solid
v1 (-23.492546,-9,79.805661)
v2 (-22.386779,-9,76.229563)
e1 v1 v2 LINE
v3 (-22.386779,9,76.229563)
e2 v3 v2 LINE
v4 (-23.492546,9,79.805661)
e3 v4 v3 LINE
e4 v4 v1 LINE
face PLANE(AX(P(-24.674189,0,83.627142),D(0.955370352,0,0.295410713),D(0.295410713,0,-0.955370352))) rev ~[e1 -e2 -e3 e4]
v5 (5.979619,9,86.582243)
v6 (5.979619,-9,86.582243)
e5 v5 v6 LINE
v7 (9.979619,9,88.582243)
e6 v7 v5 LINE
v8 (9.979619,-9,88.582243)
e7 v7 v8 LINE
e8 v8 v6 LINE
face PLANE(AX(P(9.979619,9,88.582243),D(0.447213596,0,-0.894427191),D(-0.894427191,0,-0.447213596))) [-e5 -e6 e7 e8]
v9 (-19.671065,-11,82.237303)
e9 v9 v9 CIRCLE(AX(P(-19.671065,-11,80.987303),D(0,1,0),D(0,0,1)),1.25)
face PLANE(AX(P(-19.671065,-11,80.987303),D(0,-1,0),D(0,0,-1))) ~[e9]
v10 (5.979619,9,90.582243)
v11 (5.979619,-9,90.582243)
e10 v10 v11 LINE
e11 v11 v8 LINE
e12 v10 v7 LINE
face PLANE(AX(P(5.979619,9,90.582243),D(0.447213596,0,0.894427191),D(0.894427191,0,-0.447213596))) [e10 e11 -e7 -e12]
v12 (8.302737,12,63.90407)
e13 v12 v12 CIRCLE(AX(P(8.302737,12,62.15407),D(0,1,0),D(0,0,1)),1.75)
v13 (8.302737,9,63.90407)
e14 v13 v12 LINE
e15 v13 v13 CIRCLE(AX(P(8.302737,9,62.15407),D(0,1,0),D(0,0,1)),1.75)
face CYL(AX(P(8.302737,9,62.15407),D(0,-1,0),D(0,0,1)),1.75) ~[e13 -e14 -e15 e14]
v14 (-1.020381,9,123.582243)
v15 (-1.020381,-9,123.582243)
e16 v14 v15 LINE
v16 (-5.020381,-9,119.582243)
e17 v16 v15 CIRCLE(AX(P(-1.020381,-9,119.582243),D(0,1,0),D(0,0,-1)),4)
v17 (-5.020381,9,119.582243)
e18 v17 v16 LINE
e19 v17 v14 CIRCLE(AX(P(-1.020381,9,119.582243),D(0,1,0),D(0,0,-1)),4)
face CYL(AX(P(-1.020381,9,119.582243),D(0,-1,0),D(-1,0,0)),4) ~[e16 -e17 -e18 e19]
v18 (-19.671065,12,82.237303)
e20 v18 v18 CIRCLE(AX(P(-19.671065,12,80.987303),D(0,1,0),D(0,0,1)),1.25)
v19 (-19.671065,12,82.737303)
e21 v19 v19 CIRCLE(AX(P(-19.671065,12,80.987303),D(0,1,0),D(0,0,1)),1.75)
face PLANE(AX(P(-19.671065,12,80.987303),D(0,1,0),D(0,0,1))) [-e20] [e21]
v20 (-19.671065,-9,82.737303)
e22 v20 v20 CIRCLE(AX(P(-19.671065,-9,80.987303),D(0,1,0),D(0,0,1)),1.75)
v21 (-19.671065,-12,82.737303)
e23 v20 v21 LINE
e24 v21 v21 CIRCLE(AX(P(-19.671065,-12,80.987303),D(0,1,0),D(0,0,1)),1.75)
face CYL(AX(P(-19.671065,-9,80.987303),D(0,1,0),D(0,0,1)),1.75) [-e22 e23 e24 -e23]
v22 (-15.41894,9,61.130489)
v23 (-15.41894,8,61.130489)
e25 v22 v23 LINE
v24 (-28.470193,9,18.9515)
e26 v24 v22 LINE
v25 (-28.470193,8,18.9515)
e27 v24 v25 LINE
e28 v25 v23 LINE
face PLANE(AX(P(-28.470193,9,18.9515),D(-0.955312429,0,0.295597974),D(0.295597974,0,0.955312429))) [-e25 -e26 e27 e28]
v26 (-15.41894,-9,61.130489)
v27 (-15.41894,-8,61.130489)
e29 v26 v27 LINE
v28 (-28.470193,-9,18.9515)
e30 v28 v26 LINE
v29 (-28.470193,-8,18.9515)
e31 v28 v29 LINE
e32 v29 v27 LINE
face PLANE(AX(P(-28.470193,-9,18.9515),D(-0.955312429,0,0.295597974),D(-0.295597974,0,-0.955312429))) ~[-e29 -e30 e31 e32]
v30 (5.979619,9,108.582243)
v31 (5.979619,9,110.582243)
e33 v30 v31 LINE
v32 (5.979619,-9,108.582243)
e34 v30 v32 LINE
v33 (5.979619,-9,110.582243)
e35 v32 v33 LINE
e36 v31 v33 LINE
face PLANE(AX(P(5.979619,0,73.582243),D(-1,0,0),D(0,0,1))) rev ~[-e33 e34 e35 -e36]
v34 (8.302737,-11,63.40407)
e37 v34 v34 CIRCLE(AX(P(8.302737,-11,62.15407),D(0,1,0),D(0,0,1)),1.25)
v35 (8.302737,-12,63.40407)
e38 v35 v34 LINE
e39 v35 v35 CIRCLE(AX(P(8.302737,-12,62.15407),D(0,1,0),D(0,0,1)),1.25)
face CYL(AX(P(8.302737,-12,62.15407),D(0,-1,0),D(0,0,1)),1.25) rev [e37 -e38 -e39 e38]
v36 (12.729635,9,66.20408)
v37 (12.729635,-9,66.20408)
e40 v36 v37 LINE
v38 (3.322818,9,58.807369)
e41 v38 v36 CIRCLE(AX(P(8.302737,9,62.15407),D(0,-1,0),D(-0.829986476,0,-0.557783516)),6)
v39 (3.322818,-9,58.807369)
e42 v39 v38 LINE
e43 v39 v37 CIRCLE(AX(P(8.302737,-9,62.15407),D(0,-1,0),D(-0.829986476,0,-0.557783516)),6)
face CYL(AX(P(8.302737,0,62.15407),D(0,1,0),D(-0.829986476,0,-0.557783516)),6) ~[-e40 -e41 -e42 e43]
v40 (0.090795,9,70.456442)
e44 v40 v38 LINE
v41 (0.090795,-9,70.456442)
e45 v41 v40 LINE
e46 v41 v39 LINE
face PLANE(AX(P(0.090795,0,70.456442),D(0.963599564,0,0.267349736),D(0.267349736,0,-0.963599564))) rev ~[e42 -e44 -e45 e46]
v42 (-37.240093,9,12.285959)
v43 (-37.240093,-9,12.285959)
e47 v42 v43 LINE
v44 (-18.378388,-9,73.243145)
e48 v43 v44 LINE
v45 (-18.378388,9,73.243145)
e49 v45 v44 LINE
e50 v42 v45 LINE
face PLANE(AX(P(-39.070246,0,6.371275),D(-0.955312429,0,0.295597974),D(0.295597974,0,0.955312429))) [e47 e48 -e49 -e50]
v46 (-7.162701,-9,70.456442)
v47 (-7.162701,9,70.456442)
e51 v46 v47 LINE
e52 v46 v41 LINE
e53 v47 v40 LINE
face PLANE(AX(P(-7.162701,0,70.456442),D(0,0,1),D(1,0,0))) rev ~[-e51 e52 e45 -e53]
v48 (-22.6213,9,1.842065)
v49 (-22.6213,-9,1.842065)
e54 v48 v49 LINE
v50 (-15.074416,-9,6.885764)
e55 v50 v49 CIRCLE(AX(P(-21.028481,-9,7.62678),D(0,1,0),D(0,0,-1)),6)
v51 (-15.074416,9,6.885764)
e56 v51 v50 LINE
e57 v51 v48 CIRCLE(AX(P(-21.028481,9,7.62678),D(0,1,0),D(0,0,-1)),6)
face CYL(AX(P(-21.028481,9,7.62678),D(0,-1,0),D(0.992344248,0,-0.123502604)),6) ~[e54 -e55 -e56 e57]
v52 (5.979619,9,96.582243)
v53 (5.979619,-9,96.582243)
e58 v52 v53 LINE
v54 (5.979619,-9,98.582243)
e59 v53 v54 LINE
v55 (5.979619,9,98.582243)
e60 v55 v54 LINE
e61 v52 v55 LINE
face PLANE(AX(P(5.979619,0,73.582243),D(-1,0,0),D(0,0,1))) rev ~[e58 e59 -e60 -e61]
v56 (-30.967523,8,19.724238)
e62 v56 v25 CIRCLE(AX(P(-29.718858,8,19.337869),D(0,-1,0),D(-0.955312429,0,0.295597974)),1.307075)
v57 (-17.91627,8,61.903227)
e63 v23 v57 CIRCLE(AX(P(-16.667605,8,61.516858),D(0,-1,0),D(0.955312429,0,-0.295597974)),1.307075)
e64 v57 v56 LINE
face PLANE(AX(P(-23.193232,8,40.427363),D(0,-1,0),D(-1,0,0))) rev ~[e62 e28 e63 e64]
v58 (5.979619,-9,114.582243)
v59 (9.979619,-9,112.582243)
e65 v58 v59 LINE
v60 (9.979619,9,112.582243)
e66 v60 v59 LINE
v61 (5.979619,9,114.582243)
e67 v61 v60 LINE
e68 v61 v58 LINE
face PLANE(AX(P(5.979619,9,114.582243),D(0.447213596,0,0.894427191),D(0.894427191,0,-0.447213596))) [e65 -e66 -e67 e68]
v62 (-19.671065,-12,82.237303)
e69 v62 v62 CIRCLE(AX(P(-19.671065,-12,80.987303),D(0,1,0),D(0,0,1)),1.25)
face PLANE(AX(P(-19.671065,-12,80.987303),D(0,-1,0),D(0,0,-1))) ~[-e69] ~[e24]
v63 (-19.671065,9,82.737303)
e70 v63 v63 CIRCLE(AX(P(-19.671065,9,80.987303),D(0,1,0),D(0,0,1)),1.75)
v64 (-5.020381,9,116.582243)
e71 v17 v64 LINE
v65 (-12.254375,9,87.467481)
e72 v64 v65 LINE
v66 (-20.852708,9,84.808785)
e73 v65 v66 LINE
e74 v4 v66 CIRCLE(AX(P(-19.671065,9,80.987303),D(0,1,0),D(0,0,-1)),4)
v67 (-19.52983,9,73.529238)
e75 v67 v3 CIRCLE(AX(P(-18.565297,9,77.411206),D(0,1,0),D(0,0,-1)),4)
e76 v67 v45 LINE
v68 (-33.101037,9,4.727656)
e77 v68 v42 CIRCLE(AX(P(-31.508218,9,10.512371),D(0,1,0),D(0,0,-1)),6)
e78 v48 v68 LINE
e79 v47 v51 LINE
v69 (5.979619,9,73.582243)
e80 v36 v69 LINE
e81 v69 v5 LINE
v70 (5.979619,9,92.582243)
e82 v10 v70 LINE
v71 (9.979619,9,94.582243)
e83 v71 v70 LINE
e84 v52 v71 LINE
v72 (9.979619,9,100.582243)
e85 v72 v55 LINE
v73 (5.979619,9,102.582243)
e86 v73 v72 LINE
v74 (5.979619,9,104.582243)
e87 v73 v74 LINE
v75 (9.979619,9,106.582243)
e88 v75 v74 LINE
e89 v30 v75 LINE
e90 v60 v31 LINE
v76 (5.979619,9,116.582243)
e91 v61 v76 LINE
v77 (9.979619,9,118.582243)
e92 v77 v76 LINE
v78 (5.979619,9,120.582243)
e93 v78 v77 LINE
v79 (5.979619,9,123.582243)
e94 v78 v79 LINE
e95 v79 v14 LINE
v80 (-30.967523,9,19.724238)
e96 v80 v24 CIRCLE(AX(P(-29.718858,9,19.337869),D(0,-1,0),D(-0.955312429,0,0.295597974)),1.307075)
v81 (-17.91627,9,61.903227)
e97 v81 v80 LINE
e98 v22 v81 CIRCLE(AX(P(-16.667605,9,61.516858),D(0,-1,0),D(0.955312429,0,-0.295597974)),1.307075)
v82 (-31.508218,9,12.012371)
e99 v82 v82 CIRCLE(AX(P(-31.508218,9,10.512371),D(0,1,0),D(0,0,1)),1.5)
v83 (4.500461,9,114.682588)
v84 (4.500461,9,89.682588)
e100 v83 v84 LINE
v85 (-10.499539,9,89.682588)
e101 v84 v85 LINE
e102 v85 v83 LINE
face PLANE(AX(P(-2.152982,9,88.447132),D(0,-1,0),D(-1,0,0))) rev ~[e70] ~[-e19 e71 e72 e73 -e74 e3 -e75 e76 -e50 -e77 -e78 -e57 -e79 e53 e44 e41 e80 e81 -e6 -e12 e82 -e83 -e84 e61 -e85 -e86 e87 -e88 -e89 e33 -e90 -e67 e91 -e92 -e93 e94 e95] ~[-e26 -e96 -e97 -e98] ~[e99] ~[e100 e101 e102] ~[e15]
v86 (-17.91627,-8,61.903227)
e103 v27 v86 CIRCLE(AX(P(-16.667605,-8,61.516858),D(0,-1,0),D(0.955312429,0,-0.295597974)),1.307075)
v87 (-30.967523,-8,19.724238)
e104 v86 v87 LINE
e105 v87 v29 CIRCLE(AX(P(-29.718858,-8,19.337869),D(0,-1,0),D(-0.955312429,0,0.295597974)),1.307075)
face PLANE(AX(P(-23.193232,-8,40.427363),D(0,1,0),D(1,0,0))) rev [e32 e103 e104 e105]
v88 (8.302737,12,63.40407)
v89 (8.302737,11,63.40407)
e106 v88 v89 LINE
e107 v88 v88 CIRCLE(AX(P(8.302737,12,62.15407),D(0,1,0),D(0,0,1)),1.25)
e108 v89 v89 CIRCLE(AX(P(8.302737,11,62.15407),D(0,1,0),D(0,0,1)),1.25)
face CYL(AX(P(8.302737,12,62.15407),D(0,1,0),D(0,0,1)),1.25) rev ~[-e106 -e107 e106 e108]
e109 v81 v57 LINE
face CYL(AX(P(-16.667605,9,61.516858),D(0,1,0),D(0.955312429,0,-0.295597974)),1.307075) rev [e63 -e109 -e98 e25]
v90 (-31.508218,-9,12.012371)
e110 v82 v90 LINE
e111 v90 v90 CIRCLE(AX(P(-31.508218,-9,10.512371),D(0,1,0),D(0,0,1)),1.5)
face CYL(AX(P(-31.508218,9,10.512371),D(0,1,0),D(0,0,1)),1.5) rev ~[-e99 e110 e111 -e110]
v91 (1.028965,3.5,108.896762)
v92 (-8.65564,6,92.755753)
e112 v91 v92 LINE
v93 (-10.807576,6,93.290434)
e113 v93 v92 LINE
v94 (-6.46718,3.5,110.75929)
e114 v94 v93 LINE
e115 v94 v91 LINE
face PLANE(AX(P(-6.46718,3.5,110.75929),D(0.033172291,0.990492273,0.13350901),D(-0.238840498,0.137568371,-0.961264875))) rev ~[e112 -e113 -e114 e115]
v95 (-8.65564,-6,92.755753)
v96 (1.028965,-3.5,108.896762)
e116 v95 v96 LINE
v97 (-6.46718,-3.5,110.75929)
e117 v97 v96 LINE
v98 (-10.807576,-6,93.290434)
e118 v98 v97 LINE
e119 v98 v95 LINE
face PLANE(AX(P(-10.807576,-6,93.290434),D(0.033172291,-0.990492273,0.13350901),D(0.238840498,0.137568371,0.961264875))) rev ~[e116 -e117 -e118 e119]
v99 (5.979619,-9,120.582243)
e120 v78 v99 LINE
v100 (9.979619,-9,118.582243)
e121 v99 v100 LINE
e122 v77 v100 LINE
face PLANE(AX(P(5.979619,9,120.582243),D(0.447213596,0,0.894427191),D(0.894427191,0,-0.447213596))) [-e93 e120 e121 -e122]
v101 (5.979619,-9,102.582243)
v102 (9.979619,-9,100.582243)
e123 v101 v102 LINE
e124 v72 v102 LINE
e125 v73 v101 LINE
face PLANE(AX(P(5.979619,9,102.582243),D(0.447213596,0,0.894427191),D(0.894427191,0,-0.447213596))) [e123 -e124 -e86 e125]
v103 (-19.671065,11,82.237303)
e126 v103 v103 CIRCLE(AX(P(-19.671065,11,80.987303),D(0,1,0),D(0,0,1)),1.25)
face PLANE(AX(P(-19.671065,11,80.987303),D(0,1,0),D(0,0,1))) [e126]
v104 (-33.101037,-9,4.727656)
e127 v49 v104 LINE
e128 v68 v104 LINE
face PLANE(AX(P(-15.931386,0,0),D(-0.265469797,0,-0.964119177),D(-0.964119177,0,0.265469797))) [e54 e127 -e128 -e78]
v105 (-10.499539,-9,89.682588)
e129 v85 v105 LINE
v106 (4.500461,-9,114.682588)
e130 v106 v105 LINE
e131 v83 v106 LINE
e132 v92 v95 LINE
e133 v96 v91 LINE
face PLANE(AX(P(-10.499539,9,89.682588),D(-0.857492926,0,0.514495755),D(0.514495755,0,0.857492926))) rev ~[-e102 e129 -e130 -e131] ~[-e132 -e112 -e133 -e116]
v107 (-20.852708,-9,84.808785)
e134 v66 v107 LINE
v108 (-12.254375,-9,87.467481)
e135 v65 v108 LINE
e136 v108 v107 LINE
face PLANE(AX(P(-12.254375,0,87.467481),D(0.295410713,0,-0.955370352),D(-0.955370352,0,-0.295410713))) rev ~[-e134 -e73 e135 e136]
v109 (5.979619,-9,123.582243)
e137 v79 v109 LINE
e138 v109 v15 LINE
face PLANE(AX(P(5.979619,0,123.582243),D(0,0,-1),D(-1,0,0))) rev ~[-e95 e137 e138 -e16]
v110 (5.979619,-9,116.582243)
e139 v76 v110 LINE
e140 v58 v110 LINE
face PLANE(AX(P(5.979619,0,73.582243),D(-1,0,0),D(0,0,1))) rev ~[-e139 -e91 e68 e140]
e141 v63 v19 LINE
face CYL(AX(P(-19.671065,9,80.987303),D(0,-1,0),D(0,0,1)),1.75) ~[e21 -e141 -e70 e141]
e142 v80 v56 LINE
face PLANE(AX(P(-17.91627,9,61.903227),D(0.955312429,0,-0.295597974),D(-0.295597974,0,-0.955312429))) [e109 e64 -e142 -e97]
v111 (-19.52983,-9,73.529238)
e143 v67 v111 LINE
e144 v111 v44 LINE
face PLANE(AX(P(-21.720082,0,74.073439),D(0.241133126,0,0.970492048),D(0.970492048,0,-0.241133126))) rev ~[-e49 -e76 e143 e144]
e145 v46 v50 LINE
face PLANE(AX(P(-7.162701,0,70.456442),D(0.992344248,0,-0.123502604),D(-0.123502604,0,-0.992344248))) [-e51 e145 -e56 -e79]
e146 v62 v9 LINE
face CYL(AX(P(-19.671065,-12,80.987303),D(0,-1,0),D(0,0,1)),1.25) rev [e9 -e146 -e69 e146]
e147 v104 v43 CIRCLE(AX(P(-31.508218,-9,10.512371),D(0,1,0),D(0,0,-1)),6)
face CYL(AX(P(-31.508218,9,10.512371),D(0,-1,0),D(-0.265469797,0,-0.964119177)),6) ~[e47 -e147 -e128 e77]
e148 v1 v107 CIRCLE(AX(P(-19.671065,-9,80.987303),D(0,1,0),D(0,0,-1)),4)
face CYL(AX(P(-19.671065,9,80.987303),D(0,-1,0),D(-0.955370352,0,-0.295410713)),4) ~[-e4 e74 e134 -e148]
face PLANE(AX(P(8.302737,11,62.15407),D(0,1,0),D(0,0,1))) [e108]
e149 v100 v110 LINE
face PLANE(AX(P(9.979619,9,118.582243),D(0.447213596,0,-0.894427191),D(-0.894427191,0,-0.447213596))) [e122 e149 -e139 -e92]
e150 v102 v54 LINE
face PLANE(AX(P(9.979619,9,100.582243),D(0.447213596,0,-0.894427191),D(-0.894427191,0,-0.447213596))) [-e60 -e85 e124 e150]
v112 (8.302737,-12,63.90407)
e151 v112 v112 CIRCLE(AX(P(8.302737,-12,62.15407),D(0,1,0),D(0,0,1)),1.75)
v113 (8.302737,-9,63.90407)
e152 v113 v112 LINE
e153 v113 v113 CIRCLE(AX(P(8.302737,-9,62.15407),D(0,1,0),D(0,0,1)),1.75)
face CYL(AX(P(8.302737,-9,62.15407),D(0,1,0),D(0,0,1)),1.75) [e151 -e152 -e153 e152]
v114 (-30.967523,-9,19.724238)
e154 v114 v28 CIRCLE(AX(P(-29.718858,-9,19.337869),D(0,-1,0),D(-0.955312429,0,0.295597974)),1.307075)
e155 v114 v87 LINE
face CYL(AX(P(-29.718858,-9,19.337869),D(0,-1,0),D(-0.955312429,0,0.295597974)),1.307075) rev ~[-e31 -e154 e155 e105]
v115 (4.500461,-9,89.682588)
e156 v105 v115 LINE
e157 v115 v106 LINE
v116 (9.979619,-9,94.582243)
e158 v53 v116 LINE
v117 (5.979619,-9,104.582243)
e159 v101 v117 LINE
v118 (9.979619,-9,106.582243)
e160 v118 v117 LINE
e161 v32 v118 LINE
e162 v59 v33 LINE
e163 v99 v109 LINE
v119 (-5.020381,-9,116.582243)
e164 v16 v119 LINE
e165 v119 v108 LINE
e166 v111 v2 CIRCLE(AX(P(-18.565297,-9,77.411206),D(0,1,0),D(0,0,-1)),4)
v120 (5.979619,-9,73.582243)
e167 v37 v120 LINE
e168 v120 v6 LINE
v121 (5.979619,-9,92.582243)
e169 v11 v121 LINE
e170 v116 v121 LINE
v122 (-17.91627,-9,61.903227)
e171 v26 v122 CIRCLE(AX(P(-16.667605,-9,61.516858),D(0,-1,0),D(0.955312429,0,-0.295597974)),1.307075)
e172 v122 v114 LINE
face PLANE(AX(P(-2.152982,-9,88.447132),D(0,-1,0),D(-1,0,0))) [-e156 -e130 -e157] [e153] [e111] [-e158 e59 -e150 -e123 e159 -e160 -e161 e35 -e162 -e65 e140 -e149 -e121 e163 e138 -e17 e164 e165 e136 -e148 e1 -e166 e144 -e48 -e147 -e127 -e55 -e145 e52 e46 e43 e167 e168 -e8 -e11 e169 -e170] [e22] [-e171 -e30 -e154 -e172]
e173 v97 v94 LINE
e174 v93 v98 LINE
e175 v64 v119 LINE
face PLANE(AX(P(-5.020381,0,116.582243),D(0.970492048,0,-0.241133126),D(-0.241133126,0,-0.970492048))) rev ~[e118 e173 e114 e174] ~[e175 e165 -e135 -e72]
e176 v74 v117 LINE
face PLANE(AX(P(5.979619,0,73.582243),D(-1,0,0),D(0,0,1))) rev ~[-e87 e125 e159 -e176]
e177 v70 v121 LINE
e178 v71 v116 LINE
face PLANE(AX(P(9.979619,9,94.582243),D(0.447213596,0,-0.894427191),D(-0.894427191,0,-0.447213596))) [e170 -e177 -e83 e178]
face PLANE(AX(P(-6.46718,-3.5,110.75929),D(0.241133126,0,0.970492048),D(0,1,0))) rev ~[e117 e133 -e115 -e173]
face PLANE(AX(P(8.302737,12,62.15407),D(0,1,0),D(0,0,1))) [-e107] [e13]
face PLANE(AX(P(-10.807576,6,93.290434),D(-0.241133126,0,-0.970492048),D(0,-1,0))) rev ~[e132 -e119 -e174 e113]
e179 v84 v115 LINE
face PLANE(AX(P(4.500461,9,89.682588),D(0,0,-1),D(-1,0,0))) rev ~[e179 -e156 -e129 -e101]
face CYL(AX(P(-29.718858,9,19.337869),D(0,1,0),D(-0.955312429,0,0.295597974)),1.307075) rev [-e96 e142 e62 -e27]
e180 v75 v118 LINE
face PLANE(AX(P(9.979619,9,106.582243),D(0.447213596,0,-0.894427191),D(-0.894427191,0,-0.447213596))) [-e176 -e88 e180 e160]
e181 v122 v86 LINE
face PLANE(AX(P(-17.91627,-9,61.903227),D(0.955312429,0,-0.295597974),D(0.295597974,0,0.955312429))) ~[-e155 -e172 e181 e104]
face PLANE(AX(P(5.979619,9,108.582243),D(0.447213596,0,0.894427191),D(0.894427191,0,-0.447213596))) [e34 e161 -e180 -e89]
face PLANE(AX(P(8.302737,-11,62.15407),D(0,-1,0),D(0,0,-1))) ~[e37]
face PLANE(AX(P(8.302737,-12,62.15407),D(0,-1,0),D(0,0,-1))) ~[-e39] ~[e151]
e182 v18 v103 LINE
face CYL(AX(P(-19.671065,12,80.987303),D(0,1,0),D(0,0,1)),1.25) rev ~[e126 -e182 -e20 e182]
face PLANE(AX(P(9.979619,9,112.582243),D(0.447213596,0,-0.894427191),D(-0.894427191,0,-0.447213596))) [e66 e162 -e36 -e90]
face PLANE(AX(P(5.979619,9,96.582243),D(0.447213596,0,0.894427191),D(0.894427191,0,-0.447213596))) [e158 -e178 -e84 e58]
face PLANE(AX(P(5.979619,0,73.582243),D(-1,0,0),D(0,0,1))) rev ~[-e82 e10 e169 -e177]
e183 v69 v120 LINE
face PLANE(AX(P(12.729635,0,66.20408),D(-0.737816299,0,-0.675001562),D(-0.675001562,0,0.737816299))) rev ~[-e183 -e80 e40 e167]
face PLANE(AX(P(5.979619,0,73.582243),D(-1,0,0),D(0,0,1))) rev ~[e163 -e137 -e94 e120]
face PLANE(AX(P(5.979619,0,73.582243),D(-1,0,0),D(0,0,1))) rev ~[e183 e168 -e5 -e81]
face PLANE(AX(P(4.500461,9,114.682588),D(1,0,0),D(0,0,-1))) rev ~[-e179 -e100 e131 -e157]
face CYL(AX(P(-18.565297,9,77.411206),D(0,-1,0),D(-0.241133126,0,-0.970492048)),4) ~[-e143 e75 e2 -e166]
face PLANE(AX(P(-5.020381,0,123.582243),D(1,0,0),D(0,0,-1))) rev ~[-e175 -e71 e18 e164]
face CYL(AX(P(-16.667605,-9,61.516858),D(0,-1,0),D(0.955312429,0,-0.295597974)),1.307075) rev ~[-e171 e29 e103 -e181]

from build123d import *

# Parameters (mm, degrees)
BOSS_EXTRU_1_DEPTH         = 9
CONG_1_R                   = 6
CONG_2_R                   = 4
BOSS_EXTRU_2_DEPTH         = 18
R_P_TITION_LIN_AIRE1_COUNT = 6
R_P_TITION_LIN_AIRE1_PITCH = 6
ENL_V_MAT_EXTRU_1_DEPTH    = 131.397228353
ENL_V_MAT_EXTRU_2_DEPTH    = 10
ESQUISSE5_R                = 1.5
ENL_V_MAT_EXTRU_3_DEPTH    = 131.397228353
ESQUISSE7_R                = 1.75
BOSS_EXTRU_3_DEPTH         = 3
ESQUISSE8_R                = 1.25
ENL_V_MAT_EXTRU_4_DEPTH    = 1
ESQUISSE9_R                = 1.25
ENL_V_MAT_EXTRU_5_DEPTH    = 1
ENL_V_MAT_EXTRU_6_DEPTH    = 1


with BuildPart() as part:
    # Esquisse1 → Boss.-Extru.1 (new, symmetric)
    with BuildSketch(Plane(origin=(0, 0, 0), x_dir=(1, 0, 0), z_dir=(0, 1, 0))):
        with BuildLine():
            ThreePointArc((3.322818072, -58.807369293), (12.01141452, -57.437534528), (12.729634722, -66.204079757))
            Line((12.729634722, -66.204079757), (5.979619104, -73.58224275))
            Line((5.979619104, -73.58224275), (5.979619104, -123.58224275))
            Line((5.979619104, -123.58224275), (-5.020380896, -123.58224275))
            Line((-5.020380896, -123.58224275), (-5.020380896, -116.58224275))
            Line((-5.020380896, -116.58224275), (-12.254374663, -87.467481302))
            Line((-12.254374663, -87.467481302), (-24.674189245, -83.627142028))
            Line((-24.674189245, -83.627142028), (-21.720082111, -74.073438503))
            Line((-21.720082111, -74.073438503), (-7.162701387, -70.45644162))
            Line((-7.162701387, -70.45644162), (0.090794599, -70.45644162))
            Line((0.090794599, -70.45644162), (3.322818072, -58.807369293))
        make_face()
        Polygon((-7.162701387, -70.45644162), (-15.931386255, 0), (-39.070246498, -6.371275122), (-18.378388293, -73.243145172), align=None)
    extrude(amount=BOSS_EXTRU_1_DEPTH, both=True)

    # Congé1
    cong_1_edges = [part.edges().sort_by_distance(p)[0] for p in [
        (-39.070246498, 0, 6.371275122),
        (-15.931386255, 0, 0),
    ]]
    fillet(cong_1_edges, radius=CONG_1_R)

    # Congé2
    cong_2_edges = [part.edges().sort_by_distance(p)[0] for p in [
        (-5.020380896, 0, 123.58224275),
        (-24.674189245, 0, 83.627142028),
        (-21.720082111, 0, 74.073438503),
    ]]
    fillet(cong_2_edges, radius=CONG_2_R)

    # Esquisse2 → Boss.-Extru.2 (add, through all)
    with BuildSketch(Plane(origin=(0, 9, 0), x_dir=(1, 0, 0), z_dir=(0, 1, 0))):
        Polygon((5.979619104, -116.58224275), (5.979619104, -118.58224275), (9.979619104, -118.58224275), align=None)
        Polygon((5.979619104, -118.58224275), (5.979619104, -120.58224275), (9.979619104, -118.58224275), align=None)
    boss_extru_2 = extrude(amount=-BOSS_EXTRU_2_DEPTH)

    # Répétition linéaire1: Boss.-Extru.2 ×6
    with Locations(*[(0, 0, -i * R_P_TITION_LIN_AIRE1_PITCH) for i in range(1, R_P_TITION_LIN_AIRE1_COUNT)]):
        add(boss_extru_2)

    # Esquisse3 → Enlèv. mat.-Extru.1 (cut, through all)
    with BuildSketch(Plane(origin=(0, 9, 0), x_dir=(1, 0, 0), z_dir=(0, 1, 0))):
        Polygon((4.500460605, -114.682587681), (4.500460605, -89.682587681), (-10.499539395, -89.682587681), align=None)
    extrude(amount=-ENL_V_MAT_EXTRU_1_DEPTH, mode=Mode.SUBTRACT)

    # Esquisse4 → Enlèv. mat.-Extru.2 (cut)
    with BuildSketch(Plane(origin=(-32.010787668, 0, 7.953554381), x_dir=(0.24113312555809657, 0, 0.9704920482716916), z_dir=(-0.9704920482716917, 0, 0.2411331255580966))):
        Polygon((87.931559422, 6), (87.931559422, -6), (105.931559422, -3.5), (105.931559422, 3.5), align=None)
    extrude(amount=-ENL_V_MAT_EXTRU_2_DEPTH, mode=Mode.SUBTRACT)

    # Esquisse5 → Enlèv. mat.-Extru.3 (cut, through all)
    with BuildSketch(Plane(origin=(0, 9, 0), x_dir=(1, 0, 0), z_dir=(0, 1, 0))):
        with Locations(Location((-31.508218287, -10.512370957, 0), (0, 0, 270))):
            Circle(ESQUISSE5_R)
    extrude(amount=-ENL_V_MAT_EXTRU_3_DEPTH, mode=Mode.SUBTRACT)

    # Esquisse7 → Boss.-Extru.3 (add)
    with BuildSketch(Plane(origin=(0, 9, 0), x_dir=(1, 0, 0), z_dir=(0, 1, 0))):
        with Locations(Location((-19.671064982, -80.987303471, 0), (0, 0, 270))):
            Circle(ESQUISSE7_R)
        with Locations(Location((8.302736926, -62.154070386, 0), (0, 0, 270))):
            Circle(ESQUISSE7_R)
    boss_extru_3 = extrude(amount=BOSS_EXTRU_3_DEPTH)

    # Esquisse8 → Enlèv. mat.-Extru.4 (cut)
    with BuildSketch(Plane(origin=(0, 12, 0), x_dir=(1, 0, 0), z_dir=(0, 1, 0))):
        with Locations(Location((-19.671064982, -80.987303471, 0), (0, 0, 270))):
            Circle(ESQUISSE8_R)
    enl_v_mat_extru_4 = extrude(amount=-ENL_V_MAT_EXTRU_4_DEPTH, mode=Mode.SUBTRACT)

    # Esquisse9 → Enlèv. mat.-Extru.5 (cut)
    with BuildSketch(Plane(origin=(0, 12, 0), x_dir=(1, 0, 0), z_dir=(0, 1, 0))):
        with Locations(Location((8.302736926, -62.154070386, 0), (0, 0, 270))):
            Circle(ESQUISSE9_R)
    enl_v_mat_extru_5 = extrude(amount=-ENL_V_MAT_EXTRU_5_DEPTH, mode=Mode.SUBTRACT)

    # Esquisse10 → Enlèv. mat.-Extru.6 (cut)
    with BuildSketch(Plane(origin=(0, 9, 0), x_dir=(1, 0, 0), z_dir=(0, 1, 0))):
        with BuildLine():
            Line((-28.470192989, -18.951500143), (-15.418940428, -61.130489417))
            ThreePointArc((-15.418940428, -61.130489417), (-16.281236664, -62.765523067), (-17.916270315, -61.903226831))
            Line((-17.916270315, -61.903226831), (-30.967522877, -19.724237556))
            ThreePointArc((-30.967522877, -19.724237556), (-30.10522664, -18.089203906), (-28.470192989, -18.951500143))
        make_face()
    enl_v_mat_extru_6 = extrude(amount=-ENL_V_MAT_EXTRU_6_DEPTH, mode=Mode.SUBTRACT)

    # Symétrie1: Boss.-Extru.3, Enlèv. mat.-Extru.4, Enlèv. mat.-Extru.5, Enlèv. mat.-Extru.6 across plane
    add(boss_extru_3.mirror(Plane.ZX))
    add(enl_v_mat_extru_4.mirror(Plane.ZX), mode=Mode.SUBTRACT)
    add(enl_v_mat_extru_5.mirror(Plane.ZX), mode=Mode.SUBTRACT)
    add(enl_v_mat_extru_6.mirror(Plane.ZX), mode=Mode.SUBTRACT)


solid = part.part
